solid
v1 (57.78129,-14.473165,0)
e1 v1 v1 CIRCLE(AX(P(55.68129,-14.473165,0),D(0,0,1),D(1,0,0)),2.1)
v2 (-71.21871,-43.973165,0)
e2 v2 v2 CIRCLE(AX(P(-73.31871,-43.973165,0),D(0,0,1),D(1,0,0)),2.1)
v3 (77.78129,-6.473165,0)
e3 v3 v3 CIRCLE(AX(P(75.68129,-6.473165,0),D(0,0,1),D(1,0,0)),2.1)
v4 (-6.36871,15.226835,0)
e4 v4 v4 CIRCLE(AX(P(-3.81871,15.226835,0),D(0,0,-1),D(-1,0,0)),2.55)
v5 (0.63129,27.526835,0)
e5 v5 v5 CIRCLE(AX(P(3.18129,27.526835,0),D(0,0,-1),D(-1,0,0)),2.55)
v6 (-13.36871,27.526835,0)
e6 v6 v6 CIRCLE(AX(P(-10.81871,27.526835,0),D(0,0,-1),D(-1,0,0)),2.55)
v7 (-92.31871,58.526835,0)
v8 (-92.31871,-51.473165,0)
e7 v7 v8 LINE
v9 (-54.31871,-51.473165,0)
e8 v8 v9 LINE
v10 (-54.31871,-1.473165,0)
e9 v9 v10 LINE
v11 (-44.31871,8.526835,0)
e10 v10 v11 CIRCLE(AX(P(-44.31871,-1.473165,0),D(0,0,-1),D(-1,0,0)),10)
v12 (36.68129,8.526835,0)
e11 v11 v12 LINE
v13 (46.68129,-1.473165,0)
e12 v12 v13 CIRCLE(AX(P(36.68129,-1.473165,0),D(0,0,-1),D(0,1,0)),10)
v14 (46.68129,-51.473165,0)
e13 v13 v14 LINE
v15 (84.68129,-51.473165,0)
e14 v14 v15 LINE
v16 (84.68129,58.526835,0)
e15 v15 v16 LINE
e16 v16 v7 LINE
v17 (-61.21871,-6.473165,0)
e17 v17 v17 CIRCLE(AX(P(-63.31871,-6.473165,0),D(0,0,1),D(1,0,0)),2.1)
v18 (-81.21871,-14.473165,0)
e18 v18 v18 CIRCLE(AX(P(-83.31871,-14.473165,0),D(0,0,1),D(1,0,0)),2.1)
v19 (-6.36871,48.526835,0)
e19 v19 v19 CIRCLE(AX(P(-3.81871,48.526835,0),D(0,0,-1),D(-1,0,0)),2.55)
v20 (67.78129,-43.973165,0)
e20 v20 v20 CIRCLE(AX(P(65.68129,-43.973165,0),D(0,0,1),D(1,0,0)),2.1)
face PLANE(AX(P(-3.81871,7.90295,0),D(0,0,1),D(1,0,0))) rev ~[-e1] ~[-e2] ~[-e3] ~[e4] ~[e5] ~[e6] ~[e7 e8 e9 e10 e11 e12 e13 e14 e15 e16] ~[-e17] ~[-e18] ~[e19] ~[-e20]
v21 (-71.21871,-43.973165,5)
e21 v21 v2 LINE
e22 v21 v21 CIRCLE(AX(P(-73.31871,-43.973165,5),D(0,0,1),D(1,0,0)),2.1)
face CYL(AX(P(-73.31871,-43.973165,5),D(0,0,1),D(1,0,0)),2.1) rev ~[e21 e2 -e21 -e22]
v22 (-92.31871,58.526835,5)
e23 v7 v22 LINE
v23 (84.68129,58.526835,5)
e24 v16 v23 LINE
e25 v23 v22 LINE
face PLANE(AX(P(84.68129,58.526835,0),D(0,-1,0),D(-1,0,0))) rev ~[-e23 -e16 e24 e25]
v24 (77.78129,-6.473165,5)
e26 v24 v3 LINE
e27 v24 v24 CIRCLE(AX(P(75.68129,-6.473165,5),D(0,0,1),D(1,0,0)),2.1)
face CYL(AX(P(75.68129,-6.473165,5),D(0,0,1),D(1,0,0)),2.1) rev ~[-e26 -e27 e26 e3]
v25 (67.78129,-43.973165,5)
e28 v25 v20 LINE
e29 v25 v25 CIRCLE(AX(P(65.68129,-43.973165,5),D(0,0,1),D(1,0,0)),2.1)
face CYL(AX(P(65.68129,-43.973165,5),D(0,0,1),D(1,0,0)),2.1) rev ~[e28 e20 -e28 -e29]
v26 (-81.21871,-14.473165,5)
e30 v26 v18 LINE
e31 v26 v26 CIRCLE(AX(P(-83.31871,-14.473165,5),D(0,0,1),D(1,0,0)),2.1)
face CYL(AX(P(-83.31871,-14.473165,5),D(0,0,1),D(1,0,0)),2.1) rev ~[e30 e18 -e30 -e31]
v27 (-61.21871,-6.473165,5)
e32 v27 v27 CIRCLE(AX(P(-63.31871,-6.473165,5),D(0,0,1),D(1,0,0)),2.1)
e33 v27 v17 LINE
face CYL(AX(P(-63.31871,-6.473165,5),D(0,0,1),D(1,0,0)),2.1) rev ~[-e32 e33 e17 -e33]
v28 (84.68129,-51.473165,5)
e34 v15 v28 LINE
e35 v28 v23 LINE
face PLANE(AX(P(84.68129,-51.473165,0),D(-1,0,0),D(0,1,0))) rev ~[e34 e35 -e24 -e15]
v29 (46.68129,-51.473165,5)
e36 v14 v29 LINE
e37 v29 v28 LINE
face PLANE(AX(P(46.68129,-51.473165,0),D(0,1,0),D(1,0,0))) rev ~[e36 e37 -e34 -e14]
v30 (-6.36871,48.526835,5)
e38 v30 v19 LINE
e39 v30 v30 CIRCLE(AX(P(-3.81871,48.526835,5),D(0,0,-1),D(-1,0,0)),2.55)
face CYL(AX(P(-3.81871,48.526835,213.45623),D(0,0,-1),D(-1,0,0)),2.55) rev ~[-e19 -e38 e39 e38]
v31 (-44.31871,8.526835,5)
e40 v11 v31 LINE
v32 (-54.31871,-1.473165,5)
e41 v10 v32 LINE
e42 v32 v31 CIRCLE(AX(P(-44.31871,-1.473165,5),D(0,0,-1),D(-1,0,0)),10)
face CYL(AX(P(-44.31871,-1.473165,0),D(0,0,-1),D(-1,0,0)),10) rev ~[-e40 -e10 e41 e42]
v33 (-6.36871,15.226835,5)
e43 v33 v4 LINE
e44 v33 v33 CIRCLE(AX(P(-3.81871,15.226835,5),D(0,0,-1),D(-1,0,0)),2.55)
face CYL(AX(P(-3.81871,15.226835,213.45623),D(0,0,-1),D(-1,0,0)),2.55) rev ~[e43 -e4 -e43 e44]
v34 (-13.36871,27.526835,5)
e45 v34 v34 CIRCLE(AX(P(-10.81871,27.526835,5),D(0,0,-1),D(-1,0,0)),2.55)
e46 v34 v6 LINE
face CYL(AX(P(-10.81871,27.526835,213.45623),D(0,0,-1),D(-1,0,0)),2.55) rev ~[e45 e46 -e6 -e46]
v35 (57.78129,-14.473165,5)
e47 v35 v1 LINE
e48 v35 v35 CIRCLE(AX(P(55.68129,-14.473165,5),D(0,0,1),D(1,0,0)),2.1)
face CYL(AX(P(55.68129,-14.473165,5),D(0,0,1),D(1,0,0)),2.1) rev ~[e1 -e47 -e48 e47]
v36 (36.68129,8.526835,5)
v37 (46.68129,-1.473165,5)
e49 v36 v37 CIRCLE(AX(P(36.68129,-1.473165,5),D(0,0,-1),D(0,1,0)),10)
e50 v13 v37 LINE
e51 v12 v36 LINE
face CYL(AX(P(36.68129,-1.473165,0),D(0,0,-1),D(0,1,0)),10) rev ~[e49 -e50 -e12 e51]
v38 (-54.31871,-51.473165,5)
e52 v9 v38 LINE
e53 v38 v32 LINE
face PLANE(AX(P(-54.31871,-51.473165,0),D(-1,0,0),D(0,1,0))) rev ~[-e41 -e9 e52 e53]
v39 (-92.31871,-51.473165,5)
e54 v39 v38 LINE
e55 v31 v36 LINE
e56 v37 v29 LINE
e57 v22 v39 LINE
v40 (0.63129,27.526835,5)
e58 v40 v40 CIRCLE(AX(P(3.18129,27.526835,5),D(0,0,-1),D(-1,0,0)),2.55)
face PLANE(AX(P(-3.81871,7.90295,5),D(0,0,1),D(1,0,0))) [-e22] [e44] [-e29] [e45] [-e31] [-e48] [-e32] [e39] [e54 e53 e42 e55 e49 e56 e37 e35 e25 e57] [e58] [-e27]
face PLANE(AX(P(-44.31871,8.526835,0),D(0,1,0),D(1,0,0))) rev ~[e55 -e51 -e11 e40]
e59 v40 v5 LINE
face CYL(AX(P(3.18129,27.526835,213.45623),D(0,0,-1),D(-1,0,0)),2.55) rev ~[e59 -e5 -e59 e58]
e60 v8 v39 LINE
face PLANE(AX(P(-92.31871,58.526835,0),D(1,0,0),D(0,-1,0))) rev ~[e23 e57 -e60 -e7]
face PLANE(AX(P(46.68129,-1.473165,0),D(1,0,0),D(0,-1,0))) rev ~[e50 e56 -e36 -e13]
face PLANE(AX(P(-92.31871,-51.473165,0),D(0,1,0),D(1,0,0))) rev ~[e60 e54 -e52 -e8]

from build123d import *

# Parameters (mm, degrees)
F1_DEPTH = 5
F3_D     = 5.1
F4_R     = 2.1
F5_DEPTH = 25


with BuildPart() as f1:
    # F0 (on Top) → F1 (new body)
    with BuildSketch(Plane.XY):
        with BuildLine():
            Line((84.6812899327, 58.5268347502), (-92.3187100673, 58.5268347502))
            Line((-92.3187100673, 58.5268347502), (-92.3187100673, 8.5268347502))
            Line((-92.3187100673, 8.5268347502), (-92.3187100673, -51.4731652498))
            Line((-92.3187100673, -51.4731652498), (-54.3187100673, -51.4731652498))
            Line((-54.3187100673, -51.4731652498), (-54.3187100673, -1.4731652498))
            ThreePointArc((-54.3187100673, -1.4731652498), (-51.3897778791, 5.597902562), (-44.3187100673, 8.5268347502))
            Line((-44.3187100673, 8.5268347502), (36.6812899327, 8.5268347502))
            ThreePointArc((36.6812899327, 8.5268347502), (43.7523577446, 5.597902562), (46.6812899327, -1.4731652498))
            Line((46.6812899327, -1.4731652498), (46.6812899327, -51.4731652498))
            Line((46.6812899327, -51.4731652498), (84.6812899327, -51.4731652498))
            Line((84.6812899327, -51.4731652498), (84.6812899327, 8.5268347502))
            Line((84.6812899327, 8.5268347502), (84.6812899327, 58.5268347502))
        make_face()
    extrude(amount=F1_DEPTH)

    # F3 (through all)
    with Locations(Plane.XY.offset(5)):
        with Locations((-10.8187100673, 27.5268347502), (-3.8187100673, 48.5268347502), (3.1812899327, 27.5268347502), (-3.8187100673, 15.2268347502)):
            Hole(F3_D / 2)

    # F4 (on face) → F5 (cut)
    with BuildSketch(Plane.XY.offset(5)):
        with Locations((-63.3187100673, -6.4731652498)):
            Circle(F4_R)
        with Locations((55.6812899327, -14.4731652498)):
            Circle(F4_R)
        with Locations((-83.3187100673, -14.4731652498)):
            Circle(F4_R)
        with Locations((-73.3187100673, -43.9731652498)):
            Circle(F4_R)
        with Locations((75.6812899327, -6.4731652498)):
            Circle(F4_R)
        with Locations((65.6812899327, -43.9731652498)):
            Circle(F4_R)
    extrude(amount=-F5_DEPTH, mode=Mode.SUBTRACT)


solid = f1.part
